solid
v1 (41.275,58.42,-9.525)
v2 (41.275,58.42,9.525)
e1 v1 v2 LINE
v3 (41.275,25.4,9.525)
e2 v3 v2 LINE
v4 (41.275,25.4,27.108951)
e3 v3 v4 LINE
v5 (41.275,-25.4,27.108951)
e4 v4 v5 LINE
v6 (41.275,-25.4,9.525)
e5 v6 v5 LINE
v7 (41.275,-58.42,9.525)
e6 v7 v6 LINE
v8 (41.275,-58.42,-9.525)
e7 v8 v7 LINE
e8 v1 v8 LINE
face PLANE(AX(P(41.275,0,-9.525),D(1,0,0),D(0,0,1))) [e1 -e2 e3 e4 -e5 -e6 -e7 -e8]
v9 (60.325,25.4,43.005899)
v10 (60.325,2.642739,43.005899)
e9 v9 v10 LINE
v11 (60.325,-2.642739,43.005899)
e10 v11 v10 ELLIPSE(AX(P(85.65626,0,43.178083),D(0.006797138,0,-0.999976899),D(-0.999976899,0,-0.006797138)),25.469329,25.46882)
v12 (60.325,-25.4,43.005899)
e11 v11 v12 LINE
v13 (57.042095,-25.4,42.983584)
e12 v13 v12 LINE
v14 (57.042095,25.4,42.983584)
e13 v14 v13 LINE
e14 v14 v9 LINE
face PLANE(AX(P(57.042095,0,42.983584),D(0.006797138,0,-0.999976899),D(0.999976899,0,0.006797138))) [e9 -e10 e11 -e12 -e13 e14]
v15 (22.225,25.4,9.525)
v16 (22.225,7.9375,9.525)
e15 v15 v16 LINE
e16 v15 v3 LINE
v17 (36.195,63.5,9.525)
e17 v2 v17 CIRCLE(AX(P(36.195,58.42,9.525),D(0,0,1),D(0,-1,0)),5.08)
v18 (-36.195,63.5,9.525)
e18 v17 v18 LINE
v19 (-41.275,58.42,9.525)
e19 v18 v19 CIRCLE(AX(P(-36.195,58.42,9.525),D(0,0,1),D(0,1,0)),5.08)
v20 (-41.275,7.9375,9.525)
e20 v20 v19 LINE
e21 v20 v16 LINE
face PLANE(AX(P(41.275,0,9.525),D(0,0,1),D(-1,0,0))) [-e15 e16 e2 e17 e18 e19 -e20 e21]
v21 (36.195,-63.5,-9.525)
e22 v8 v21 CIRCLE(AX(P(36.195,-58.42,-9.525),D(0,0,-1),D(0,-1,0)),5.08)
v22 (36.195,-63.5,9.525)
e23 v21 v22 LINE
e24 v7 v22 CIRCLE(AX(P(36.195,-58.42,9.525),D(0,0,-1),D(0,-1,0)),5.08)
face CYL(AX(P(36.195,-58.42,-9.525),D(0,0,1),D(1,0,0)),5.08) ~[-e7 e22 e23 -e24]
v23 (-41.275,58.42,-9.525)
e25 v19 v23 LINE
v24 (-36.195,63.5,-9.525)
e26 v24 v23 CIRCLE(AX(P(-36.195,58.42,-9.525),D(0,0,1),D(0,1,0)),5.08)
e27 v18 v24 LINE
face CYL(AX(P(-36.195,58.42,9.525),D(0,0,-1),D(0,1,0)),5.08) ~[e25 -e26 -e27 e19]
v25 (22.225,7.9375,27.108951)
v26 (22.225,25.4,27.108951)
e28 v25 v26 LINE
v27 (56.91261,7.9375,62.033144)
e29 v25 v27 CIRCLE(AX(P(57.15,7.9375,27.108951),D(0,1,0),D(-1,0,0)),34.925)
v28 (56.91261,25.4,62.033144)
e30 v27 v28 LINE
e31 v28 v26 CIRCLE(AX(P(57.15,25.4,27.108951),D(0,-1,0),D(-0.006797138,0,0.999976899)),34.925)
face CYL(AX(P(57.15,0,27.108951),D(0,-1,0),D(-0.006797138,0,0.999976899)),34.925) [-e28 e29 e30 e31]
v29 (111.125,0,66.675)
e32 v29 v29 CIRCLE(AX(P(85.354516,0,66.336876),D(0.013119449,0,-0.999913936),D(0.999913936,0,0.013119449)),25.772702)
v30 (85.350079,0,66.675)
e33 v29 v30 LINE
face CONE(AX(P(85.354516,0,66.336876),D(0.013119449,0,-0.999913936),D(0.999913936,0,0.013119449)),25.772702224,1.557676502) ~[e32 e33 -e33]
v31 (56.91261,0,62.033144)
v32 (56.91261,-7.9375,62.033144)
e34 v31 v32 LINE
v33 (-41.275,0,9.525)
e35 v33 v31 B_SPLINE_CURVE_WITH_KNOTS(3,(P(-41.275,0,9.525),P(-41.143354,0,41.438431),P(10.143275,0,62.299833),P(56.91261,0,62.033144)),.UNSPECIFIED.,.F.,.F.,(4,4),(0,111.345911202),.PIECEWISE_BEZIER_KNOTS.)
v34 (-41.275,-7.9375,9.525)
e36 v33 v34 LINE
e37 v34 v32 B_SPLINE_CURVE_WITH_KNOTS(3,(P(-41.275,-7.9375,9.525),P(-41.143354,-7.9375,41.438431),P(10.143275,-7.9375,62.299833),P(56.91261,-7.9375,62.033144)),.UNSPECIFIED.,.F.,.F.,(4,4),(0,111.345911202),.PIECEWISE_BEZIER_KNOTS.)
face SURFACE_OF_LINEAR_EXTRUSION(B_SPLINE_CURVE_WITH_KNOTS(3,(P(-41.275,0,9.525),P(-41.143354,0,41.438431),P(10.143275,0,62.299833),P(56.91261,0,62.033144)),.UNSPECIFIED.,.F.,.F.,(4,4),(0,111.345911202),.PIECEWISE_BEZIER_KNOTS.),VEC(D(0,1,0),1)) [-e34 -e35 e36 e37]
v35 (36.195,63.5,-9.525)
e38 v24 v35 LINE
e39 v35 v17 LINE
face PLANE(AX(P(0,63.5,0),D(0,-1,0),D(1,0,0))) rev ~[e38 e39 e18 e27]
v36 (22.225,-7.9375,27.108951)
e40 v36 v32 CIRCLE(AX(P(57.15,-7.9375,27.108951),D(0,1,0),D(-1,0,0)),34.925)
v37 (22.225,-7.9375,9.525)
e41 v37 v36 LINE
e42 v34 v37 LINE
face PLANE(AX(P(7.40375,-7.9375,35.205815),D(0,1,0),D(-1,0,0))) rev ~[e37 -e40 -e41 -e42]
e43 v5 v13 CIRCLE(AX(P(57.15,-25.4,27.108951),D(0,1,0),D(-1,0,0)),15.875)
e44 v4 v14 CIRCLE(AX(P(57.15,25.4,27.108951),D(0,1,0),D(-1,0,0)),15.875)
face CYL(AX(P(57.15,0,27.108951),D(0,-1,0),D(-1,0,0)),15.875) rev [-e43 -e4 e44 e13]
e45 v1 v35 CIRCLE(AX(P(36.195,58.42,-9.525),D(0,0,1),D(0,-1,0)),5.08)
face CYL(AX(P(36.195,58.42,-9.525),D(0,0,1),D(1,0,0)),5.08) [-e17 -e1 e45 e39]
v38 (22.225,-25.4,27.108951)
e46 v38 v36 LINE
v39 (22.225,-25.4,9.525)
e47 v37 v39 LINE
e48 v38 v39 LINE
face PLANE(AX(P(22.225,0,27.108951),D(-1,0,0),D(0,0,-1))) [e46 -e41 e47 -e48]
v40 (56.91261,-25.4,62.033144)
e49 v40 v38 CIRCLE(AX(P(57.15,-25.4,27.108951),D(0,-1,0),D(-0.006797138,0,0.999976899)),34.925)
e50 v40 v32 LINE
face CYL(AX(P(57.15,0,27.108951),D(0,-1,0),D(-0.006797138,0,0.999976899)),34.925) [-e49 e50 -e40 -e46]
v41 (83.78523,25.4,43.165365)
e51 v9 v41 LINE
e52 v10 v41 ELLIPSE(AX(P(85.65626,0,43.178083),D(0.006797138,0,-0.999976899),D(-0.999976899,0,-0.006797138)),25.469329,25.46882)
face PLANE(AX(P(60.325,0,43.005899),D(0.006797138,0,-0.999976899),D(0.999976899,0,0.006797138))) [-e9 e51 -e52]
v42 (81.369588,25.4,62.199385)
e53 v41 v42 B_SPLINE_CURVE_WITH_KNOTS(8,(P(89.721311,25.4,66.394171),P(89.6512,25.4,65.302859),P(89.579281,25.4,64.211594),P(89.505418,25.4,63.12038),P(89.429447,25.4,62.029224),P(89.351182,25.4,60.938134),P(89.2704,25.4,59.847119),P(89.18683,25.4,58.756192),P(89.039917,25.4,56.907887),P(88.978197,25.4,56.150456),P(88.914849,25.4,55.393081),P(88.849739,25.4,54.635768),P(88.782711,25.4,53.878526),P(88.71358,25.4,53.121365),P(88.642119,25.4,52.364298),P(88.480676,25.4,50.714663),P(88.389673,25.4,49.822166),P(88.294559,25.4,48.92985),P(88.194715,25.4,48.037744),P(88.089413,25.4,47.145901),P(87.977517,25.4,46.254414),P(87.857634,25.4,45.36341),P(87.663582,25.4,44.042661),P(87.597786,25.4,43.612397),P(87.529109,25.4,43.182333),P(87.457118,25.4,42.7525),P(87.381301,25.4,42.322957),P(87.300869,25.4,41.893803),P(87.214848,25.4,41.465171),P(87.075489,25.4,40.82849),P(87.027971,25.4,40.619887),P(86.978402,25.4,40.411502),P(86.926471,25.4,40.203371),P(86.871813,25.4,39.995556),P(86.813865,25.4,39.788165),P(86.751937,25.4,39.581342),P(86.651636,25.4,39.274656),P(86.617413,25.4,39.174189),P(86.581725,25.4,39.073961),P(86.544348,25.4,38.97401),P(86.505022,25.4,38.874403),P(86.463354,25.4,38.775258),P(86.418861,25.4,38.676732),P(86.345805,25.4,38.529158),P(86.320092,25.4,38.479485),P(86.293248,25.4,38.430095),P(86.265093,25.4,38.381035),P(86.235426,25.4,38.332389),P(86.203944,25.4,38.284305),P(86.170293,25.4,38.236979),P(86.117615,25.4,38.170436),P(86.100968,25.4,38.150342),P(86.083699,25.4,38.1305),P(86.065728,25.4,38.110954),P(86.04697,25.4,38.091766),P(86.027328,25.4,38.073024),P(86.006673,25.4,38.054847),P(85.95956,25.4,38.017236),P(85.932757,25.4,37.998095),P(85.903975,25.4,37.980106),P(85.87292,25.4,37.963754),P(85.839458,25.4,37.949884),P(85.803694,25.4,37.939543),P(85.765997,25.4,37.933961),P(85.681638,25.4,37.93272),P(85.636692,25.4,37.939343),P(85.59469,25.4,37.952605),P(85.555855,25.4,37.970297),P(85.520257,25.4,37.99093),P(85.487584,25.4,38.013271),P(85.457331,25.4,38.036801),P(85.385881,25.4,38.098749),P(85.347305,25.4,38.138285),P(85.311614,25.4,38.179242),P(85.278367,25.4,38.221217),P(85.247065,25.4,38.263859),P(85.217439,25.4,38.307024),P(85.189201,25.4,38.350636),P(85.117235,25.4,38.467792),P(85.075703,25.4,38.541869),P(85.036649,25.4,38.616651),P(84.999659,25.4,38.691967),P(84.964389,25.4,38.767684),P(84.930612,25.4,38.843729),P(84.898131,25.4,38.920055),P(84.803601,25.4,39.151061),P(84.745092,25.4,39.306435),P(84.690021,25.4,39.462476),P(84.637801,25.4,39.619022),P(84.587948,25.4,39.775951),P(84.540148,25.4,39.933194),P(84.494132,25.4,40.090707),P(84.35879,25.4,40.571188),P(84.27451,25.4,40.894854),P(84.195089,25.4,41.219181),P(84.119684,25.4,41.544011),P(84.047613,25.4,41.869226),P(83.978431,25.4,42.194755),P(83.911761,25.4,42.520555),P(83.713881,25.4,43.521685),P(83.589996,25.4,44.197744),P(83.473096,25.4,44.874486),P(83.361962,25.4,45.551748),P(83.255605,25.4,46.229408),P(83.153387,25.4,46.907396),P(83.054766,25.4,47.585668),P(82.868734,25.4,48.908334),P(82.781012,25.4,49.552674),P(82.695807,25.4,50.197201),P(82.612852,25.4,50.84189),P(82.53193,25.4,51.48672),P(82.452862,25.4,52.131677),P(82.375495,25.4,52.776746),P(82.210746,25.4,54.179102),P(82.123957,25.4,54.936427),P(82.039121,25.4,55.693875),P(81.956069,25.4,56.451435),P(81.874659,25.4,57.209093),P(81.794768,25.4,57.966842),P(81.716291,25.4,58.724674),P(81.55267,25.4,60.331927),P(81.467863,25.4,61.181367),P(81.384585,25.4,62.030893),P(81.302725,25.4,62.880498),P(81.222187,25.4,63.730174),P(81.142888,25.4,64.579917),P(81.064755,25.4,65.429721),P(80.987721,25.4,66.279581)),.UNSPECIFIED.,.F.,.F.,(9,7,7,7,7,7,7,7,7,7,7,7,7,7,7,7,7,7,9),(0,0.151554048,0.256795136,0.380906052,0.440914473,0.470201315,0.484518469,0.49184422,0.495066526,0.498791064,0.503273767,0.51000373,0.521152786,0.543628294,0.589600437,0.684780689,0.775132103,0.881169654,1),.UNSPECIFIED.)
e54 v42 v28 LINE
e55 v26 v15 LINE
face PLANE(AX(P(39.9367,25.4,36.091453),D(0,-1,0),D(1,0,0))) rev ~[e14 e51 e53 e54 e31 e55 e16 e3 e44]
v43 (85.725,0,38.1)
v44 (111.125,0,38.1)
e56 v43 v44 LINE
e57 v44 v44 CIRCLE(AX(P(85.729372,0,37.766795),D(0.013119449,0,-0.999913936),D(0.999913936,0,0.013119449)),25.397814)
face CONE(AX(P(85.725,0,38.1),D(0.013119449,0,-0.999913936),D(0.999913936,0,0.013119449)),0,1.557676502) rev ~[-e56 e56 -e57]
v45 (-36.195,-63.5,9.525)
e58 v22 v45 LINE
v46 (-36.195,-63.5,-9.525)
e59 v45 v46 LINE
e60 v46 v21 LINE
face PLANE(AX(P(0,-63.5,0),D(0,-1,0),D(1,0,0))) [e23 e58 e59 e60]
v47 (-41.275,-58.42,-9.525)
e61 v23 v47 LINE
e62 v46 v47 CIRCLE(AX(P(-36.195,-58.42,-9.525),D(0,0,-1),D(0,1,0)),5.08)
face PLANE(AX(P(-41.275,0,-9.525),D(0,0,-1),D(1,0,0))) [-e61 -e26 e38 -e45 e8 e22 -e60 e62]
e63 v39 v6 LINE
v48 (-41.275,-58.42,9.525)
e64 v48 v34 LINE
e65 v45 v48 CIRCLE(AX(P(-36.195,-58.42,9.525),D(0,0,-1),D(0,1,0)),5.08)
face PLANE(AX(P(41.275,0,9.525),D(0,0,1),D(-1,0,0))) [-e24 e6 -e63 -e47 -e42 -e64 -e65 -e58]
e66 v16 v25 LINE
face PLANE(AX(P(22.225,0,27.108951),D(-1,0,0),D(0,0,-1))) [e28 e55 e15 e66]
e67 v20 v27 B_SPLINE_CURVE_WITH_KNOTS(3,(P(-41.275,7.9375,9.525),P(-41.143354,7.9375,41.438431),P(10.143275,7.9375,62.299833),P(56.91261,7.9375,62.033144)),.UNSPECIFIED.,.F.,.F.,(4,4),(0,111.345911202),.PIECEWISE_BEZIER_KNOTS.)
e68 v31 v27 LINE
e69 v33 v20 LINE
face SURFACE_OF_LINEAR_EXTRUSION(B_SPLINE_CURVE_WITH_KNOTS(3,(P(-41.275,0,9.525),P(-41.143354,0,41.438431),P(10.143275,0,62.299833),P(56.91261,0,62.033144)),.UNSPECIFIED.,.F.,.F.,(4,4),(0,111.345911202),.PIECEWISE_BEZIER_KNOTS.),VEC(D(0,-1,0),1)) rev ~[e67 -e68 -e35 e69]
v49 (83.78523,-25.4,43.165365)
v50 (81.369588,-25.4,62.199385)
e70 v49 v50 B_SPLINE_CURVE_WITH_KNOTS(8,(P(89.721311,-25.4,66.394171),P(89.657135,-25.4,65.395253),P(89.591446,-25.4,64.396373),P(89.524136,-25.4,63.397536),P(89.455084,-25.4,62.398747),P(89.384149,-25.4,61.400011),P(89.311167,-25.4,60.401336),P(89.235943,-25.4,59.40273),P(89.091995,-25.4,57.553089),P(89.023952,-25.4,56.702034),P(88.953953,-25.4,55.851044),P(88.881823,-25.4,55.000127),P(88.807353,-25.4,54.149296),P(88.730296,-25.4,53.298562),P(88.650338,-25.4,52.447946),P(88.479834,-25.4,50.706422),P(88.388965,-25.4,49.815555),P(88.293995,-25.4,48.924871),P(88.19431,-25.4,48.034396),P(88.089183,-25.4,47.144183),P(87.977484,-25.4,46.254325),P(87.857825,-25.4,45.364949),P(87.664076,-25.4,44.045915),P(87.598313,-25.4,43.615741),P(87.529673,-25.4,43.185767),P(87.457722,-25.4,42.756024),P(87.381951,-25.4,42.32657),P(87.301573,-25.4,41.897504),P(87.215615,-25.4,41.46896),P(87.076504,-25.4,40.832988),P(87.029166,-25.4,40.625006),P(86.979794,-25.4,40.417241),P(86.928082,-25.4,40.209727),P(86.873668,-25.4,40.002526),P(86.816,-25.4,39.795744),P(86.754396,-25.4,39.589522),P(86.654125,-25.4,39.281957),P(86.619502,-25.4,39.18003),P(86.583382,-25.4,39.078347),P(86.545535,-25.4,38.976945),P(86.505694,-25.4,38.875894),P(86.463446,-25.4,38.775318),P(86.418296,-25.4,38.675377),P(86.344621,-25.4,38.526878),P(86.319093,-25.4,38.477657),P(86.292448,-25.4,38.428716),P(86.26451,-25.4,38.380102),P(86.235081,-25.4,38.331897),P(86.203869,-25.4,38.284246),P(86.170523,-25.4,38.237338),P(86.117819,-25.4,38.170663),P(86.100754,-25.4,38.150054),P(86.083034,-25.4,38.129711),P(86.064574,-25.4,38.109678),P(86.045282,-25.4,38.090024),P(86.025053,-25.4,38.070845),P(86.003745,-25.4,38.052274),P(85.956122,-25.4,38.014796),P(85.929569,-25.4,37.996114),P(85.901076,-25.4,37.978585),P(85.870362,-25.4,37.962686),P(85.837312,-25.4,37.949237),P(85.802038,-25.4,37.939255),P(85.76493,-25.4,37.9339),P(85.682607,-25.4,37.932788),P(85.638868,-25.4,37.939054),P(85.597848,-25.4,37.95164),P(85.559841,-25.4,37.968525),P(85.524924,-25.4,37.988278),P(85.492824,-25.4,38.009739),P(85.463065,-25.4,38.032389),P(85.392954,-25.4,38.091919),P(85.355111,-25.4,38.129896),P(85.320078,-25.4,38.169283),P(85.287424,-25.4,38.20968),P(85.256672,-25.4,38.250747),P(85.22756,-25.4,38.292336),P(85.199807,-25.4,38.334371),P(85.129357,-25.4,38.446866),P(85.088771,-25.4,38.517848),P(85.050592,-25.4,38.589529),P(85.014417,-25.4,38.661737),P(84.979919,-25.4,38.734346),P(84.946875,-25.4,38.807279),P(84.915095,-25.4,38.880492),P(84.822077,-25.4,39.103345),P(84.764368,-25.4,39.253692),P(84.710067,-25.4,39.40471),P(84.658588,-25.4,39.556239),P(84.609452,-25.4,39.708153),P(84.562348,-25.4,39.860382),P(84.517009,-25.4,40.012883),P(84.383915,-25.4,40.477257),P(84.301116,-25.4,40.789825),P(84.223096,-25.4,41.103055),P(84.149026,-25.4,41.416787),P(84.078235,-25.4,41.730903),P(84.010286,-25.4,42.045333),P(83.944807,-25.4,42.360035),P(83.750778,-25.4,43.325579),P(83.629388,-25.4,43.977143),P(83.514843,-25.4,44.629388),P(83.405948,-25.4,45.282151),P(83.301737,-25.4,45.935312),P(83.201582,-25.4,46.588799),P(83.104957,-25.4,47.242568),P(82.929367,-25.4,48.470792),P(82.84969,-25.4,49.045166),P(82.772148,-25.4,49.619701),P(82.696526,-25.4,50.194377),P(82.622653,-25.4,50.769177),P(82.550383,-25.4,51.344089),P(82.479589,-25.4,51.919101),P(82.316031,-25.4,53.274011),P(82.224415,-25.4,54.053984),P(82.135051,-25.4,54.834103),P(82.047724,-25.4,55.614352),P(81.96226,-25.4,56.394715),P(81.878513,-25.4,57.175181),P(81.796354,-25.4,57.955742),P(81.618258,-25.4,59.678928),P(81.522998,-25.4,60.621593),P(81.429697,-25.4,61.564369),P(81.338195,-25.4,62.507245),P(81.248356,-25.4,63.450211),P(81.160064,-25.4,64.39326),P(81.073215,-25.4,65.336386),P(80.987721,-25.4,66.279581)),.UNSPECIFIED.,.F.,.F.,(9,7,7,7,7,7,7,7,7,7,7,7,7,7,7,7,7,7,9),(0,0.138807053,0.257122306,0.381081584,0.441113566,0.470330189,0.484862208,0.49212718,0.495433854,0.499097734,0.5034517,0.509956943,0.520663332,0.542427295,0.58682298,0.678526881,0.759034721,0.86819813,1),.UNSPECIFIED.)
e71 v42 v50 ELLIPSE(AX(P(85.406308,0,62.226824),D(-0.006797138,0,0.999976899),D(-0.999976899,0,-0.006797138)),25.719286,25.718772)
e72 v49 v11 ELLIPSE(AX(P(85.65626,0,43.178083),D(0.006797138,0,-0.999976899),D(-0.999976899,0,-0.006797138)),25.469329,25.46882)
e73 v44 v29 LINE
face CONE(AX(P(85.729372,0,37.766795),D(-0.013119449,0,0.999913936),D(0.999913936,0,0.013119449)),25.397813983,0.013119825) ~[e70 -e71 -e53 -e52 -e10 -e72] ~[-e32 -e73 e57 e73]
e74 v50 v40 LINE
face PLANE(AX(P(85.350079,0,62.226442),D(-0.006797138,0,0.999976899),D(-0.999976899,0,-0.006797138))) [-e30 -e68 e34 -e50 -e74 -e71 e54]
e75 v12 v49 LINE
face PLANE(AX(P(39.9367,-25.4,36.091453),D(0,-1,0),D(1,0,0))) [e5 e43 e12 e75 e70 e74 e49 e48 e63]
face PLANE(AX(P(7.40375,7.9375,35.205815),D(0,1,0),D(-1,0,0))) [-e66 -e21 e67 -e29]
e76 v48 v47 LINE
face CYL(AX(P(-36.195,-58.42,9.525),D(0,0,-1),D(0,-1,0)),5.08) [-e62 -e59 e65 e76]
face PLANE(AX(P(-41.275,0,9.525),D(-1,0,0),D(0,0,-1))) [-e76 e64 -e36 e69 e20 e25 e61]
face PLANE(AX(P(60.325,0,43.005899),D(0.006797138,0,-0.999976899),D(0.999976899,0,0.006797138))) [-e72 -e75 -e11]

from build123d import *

# Parameters (mm, degrees)
F1_DEPTH = 63.5
F2_DEPTH = 25.4
F3_DEPTH = 7.9375
F5_R     = 5.08


with BuildPart() as f1:
    # F0 (on Front) → F1 (new body, symmetric)
    with BuildSketch(Plane.XZ):
        Polygon((22.225, 9.525), (-41.275, 9.525), (-41.275, -9.525), (41.275, -9.525), (41.275, 9.525), align=None)
    extrude(amount=F1_DEPTH, both=True)

    # F0 (on Front) → F2 (join, symmetric)
    with BuildSketch(Plane.XZ):
        with BuildLine():
            Line((22.225, 27.1089508341), (22.225, 9.525))
            Line((22.225, 9.525), (41.275, 9.525))
            Line((41.275, 9.525), (41.275, 27.1089508341))
            ThreePointArc((41.275, 27.1089508341), (45.8865944339, 38.2960559133), (57.0420954398, 42.9835841088))
            Line((57.0420954398, 42.9835841088), (60.325, 43.0058989785))
            Line((60.325, 43.0058989785), (60.325, 62.056339059))
            Line((60.325, 62.056339059), (56.9126099675, 62.0331440384))
            ThreePointArc((56.9126099675, 62.0331440384), (32.3705077545, 51.7205820083), (22.225, 27.1089508341))
        make_face()
        Polygon((85.3500794925, 62.2264418986), (60.325, 62.056339059), (60.325, 43.0058989785), (85.4795649648, 43.176881969), (85.3787372937, 61.4743826337), align=None)
    extrude(amount=F2_DEPTH, both=True)

    # F0 (on Front) → F3 (join, symmetric)
    with BuildSketch(Plane.XZ):
        with BuildLine():
            add(Edge.make_bspline(
                [(-41.275, 9.525), (-41.1433540285, 41.4384305477), (10.1432753727, 62.2998327017), (56.9126099675, 62.0331440384)],
                knots=[0, 0, 0, 0, 111.3459112023, 111.3459112023, 111.3459112023, 111.3459112023], degree=3))
            Line((-41.275, 9.525), (22.225, 9.525))
            Line((22.225, 9.525), (22.225, 27.1089508341))
            ThreePointArc((22.225, 27.1089508341), (32.3705077545, 51.7205820083), (56.9126099675, 62.0331440384))
        make_face()
    extrude(amount=F3_DEPTH, both=True)

    # F0 (on Front) → F4 (revolve)
    with BuildSketch(Plane.XZ):
        Polygon((111.125, 66.675), (85.3500794925, 66.675), (85.4390979857, 59.8903526073), (85.725, 38.1), (111.125, 38.1), align=None)
    revolve(axis=Axis((85.5375397462, 0, 52.3875), (0.0131194485, 0, -0.9999139363)))

    # F5
    f5_edges = [f1.edges().sort_by_distance(p)[0] for p in [
        (41.275, -63.5, 0),
        (-41.275, -63.5, 0),
        (-41.275, 63.5, 0),
        (41.275, 63.5, 0),
    ]]
    fillet(f5_edges, radius=F5_R)


solid = f1.part
